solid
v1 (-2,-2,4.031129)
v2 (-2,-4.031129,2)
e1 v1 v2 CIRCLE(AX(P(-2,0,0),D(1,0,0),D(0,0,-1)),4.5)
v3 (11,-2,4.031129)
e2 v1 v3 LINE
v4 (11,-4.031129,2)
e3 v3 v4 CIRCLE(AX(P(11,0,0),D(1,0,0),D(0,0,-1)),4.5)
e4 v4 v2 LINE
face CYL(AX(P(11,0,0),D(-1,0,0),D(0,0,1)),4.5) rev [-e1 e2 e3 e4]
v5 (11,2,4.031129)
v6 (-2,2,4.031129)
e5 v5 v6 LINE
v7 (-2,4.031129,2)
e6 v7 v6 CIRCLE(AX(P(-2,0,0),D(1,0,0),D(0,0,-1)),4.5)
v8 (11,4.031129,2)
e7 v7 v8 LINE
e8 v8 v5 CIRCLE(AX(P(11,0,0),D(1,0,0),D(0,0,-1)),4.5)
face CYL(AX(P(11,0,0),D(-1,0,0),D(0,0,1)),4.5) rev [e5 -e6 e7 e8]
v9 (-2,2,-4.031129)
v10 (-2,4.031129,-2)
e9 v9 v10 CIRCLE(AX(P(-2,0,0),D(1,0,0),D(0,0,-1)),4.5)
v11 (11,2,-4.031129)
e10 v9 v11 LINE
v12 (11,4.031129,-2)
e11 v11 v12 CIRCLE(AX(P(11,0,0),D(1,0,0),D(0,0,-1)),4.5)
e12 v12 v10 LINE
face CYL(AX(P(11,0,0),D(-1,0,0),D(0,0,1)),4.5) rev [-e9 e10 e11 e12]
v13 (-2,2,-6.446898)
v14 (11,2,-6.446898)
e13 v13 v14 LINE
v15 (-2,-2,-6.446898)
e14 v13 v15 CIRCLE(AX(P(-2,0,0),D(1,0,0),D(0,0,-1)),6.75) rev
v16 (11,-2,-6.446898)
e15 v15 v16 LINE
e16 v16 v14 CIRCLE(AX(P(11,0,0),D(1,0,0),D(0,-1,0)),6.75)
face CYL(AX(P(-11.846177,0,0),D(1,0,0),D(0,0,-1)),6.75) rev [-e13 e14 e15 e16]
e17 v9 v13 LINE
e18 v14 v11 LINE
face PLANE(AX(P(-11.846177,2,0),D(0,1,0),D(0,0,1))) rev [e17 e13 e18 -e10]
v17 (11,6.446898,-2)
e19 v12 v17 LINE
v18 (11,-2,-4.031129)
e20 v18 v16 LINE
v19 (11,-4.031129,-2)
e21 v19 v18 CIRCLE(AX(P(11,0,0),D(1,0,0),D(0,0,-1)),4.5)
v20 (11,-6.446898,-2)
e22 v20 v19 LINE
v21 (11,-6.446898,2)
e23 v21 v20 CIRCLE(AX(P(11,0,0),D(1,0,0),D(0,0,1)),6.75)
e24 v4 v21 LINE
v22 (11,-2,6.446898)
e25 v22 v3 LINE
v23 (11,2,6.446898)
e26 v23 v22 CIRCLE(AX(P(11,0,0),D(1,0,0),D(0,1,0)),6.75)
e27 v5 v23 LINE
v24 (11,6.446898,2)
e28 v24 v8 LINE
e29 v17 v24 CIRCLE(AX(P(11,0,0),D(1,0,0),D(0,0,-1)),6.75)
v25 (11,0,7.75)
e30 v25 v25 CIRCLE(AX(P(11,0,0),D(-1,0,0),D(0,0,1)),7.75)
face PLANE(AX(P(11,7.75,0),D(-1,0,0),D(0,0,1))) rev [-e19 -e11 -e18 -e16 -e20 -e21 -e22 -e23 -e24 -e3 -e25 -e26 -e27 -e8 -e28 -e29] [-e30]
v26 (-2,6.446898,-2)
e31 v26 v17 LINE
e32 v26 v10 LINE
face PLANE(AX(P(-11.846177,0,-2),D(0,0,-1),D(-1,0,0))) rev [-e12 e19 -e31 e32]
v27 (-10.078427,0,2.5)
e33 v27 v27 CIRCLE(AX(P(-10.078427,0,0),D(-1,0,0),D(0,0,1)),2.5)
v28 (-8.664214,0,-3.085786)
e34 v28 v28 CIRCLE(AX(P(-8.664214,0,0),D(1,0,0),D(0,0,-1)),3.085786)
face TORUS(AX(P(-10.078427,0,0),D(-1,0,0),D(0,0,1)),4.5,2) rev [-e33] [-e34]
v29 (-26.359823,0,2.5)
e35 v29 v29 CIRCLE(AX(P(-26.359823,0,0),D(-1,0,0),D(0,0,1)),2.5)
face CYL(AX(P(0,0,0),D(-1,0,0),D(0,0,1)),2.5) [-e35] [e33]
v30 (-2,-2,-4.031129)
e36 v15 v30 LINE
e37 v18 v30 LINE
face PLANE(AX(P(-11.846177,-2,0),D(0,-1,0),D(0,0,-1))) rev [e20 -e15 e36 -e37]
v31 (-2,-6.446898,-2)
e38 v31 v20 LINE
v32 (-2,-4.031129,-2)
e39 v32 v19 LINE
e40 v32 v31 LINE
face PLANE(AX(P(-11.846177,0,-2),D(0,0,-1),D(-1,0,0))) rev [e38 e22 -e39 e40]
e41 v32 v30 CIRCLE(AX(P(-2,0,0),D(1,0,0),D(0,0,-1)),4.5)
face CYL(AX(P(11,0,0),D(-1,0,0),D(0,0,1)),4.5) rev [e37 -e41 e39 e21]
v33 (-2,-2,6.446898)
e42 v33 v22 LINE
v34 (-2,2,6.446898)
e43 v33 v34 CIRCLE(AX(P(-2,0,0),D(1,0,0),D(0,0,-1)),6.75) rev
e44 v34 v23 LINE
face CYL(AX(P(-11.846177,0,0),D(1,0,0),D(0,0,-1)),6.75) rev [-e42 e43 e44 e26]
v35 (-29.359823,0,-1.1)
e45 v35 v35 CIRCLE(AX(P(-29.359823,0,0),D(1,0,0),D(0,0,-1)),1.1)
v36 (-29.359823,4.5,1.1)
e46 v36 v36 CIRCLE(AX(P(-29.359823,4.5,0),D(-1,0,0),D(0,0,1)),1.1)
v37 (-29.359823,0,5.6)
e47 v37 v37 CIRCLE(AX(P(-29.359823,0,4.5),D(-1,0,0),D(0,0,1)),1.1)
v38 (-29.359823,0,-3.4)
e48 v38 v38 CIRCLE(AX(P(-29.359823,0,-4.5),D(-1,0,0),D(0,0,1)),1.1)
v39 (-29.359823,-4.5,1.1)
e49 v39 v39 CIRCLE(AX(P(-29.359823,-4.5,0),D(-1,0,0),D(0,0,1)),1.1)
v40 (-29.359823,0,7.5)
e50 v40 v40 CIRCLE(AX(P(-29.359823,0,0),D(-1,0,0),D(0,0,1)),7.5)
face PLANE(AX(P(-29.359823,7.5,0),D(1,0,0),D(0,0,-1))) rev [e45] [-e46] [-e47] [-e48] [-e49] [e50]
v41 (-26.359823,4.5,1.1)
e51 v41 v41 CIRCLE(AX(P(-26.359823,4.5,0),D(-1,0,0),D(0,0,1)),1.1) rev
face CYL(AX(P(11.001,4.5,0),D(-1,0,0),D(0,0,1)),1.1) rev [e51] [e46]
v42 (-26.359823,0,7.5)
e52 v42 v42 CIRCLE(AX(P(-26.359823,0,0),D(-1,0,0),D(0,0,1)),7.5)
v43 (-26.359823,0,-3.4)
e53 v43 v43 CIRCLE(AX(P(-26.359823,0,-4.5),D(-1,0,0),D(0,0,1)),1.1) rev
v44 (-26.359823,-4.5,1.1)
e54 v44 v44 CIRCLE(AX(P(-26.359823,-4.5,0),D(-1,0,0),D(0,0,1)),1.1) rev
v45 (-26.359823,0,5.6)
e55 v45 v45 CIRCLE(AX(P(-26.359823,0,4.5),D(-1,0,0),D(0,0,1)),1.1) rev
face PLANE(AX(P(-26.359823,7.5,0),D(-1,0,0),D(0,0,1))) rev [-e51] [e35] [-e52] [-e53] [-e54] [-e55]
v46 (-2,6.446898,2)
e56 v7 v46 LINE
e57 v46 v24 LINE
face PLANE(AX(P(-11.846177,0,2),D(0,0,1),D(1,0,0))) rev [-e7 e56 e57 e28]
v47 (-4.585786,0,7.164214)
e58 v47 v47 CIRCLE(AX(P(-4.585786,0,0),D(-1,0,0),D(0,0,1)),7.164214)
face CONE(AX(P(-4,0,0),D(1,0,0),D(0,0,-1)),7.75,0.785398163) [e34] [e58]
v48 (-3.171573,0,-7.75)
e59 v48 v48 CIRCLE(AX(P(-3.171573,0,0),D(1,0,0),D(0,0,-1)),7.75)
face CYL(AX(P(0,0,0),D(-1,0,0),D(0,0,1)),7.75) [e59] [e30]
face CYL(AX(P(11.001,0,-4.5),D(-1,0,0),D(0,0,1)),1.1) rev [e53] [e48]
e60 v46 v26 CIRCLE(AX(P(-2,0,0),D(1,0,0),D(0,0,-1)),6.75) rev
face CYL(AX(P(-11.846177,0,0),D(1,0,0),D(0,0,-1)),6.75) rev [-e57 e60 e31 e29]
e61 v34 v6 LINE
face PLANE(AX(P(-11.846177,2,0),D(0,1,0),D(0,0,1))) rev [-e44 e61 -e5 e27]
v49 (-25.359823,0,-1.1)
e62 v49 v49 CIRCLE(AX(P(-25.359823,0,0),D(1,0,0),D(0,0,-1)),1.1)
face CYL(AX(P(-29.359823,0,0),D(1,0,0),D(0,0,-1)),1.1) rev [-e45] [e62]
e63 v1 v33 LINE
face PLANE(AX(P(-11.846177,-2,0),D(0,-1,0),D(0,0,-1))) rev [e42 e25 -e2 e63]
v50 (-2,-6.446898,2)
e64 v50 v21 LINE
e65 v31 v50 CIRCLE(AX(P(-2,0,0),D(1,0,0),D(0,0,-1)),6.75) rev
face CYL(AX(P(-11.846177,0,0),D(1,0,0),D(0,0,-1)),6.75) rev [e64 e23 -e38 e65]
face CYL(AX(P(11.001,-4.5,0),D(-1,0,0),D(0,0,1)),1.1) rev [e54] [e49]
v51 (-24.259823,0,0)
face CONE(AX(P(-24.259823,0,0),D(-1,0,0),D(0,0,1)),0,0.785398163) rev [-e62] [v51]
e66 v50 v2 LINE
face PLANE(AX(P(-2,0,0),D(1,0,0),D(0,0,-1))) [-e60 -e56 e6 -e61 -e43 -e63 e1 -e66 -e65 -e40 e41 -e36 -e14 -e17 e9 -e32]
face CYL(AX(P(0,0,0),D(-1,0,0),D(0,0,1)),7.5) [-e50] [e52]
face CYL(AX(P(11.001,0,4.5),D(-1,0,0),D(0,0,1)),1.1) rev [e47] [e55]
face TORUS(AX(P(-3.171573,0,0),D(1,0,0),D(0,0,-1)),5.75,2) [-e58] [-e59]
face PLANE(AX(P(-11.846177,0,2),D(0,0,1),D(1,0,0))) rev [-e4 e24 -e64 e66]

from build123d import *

# Parameters (mm, degrees)
CUT_EXTRUDE1_DEPTH = 13
CIRPATTERN1_COUNT  = 4
SKETCH3_R          = 4.5
CUT_EXTRUDE2_DEPTH = 14
CUT_EXTRUDE3_REACH = 42.36
SKETCH4_R          = 1.1
FILLET1_R          = 2


with BuildPart() as part:
    # Sketch1 → Revolve1 (revolve)
    with BuildSketch(Plane.XY):
        Polygon((-4, 7.75), (11, 7.75), (11, 0), (-29.35982328, 0), (-29.35982328, 7.5), (-26.35982328, 7.5), (-26.35982328, 2.5), (-9.25, 2.5), align=None)
    revolve(axis=Axis((0, 0, 0), (1, 0, 0)))

    # Sketch2 → Cut-Extrude1 (cut)
    with BuildSketch(Plane(origin=(11, 0, 0), x_dir=(0, 0, -1), z_dir=(1, 0, 0))):
        with BuildLine():
            Line((-2, 0), (2, 0))
            Line((2, 0), (2, 6.446898479))
            ThreePointArc((2, 6.446898479), (0, 6.75), (-2, 6.446898479))
            Line((-2, 6.446898479), (-2, 0))
        make_face()
    cut_extrude1 = extrude(amount=-CUT_EXTRUDE1_DEPTH, mode=Mode.SUBTRACT)

    # CirPattern1: Cut-Extrude1 ×4 about axis
    cirpattern1_axis = Axis((0, 0, 0), (1, 0, 0))
    for i in range(1, CIRPATTERN1_COUNT):
        add(cut_extrude1.rotate(cirpattern1_axis, i * 360 / CIRPATTERN1_COUNT), mode=Mode.SUBTRACT)

    # Sketch3 → Cut-Extrude2 (cut, through all)
    with BuildSketch(Plane(origin=(-2, 0, 0), x_dir=(0, 0, -1), z_dir=(1, 0, 0))):
        Circle(SKETCH3_R)
    extrude(amount=CUT_EXTRUDE2_DEPTH, mode=Mode.SUBTRACT)

    # Sketch4 → Cut-Extrude3 (cut, up to next)
    with BuildSketch(Plane.ZY.offset(29.35982328), mode=Mode.PRIVATE) as cut_extrude3_sk1:
        with Locations((0, 4.5)):
            Circle(SKETCH4_R)
    cut_extrude3_tool1 = extrude(cut_extrude3_sk1.sketch, amount=-CUT_EXTRUDE3_REACH, mode=Mode.PRIVATE) & part.part
    add(cut_extrude3_tool1.solids().sort_by_distance((-29.359823, 4.5, 0))[0], mode=Mode.SUBTRACT)
    # Sketch4 → Cut-Extrude3 (cut, up to next)
    with BuildSketch(Plane.ZY.offset(29.35982328), mode=Mode.PRIVATE) as cut_extrude3_sk2:
        with Locations((4.5, 0)):
            Circle(SKETCH4_R)
    cut_extrude3_tool2 = extrude(cut_extrude3_sk2.sketch, amount=-CUT_EXTRUDE3_REACH, mode=Mode.PRIVATE) & part.part
    add(cut_extrude3_tool2.solids().sort_by_distance((-29.359823, 0, 4.5))[0], mode=Mode.SUBTRACT)
    # Sketch4 → Cut-Extrude3 (cut, up to next)
    with BuildSketch(Plane.ZY.offset(29.35982328), mode=Mode.PRIVATE) as cut_extrude3_sk3:
        with Locations((0, -4.5)):
            Circle(SKETCH4_R)
    cut_extrude3_tool3 = extrude(cut_extrude3_sk3.sketch, amount=-CUT_EXTRUDE3_REACH, mode=Mode.PRIVATE) & part.part
    add(cut_extrude3_tool3.solids().sort_by_distance((-29.359823, -4.5, 0))[0], mode=Mode.SUBTRACT)
    # Sketch4 → Cut-Extrude3 (cut, up to next)
    with BuildSketch(Plane.ZY.offset(29.35982328), mode=Mode.PRIVATE) as cut_extrude3_sk4:
        with Locations((-4.5, 0)):
            Circle(SKETCH4_R)
    cut_extrude3_tool4 = extrude(cut_extrude3_sk4.sketch, amount=-CUT_EXTRUDE3_REACH, mode=Mode.PRIVATE) & part.part
    add(cut_extrude3_tool4.solids().sort_by_distance((-29.359823, 0, -4.5))[0], mode=Mode.SUBTRACT)

    # Fillet1
    fillet1_edges = [part.edges().sort_by_distance(p)[0] for p in [
        (-9.25, -2.5, 0),
        (-4, -7.75, 0),
    ]]
    fillet(fillet1_edges, radius=FILLET1_R)

    # Sketch5 → Cut-Revolve1 (revolve, cut)
    with BuildSketch(Plane.XY):
        Polygon((-29.35982328, 0), (-24.25982328, 0), (-25.35982328, 1.1), (-29.35982328, 1.1), align=None)
    revolve(axis=Axis((-29.35982328, 0, 0), (-1, 0, 0)), mode=Mode.SUBTRACT)


solid = part.part
